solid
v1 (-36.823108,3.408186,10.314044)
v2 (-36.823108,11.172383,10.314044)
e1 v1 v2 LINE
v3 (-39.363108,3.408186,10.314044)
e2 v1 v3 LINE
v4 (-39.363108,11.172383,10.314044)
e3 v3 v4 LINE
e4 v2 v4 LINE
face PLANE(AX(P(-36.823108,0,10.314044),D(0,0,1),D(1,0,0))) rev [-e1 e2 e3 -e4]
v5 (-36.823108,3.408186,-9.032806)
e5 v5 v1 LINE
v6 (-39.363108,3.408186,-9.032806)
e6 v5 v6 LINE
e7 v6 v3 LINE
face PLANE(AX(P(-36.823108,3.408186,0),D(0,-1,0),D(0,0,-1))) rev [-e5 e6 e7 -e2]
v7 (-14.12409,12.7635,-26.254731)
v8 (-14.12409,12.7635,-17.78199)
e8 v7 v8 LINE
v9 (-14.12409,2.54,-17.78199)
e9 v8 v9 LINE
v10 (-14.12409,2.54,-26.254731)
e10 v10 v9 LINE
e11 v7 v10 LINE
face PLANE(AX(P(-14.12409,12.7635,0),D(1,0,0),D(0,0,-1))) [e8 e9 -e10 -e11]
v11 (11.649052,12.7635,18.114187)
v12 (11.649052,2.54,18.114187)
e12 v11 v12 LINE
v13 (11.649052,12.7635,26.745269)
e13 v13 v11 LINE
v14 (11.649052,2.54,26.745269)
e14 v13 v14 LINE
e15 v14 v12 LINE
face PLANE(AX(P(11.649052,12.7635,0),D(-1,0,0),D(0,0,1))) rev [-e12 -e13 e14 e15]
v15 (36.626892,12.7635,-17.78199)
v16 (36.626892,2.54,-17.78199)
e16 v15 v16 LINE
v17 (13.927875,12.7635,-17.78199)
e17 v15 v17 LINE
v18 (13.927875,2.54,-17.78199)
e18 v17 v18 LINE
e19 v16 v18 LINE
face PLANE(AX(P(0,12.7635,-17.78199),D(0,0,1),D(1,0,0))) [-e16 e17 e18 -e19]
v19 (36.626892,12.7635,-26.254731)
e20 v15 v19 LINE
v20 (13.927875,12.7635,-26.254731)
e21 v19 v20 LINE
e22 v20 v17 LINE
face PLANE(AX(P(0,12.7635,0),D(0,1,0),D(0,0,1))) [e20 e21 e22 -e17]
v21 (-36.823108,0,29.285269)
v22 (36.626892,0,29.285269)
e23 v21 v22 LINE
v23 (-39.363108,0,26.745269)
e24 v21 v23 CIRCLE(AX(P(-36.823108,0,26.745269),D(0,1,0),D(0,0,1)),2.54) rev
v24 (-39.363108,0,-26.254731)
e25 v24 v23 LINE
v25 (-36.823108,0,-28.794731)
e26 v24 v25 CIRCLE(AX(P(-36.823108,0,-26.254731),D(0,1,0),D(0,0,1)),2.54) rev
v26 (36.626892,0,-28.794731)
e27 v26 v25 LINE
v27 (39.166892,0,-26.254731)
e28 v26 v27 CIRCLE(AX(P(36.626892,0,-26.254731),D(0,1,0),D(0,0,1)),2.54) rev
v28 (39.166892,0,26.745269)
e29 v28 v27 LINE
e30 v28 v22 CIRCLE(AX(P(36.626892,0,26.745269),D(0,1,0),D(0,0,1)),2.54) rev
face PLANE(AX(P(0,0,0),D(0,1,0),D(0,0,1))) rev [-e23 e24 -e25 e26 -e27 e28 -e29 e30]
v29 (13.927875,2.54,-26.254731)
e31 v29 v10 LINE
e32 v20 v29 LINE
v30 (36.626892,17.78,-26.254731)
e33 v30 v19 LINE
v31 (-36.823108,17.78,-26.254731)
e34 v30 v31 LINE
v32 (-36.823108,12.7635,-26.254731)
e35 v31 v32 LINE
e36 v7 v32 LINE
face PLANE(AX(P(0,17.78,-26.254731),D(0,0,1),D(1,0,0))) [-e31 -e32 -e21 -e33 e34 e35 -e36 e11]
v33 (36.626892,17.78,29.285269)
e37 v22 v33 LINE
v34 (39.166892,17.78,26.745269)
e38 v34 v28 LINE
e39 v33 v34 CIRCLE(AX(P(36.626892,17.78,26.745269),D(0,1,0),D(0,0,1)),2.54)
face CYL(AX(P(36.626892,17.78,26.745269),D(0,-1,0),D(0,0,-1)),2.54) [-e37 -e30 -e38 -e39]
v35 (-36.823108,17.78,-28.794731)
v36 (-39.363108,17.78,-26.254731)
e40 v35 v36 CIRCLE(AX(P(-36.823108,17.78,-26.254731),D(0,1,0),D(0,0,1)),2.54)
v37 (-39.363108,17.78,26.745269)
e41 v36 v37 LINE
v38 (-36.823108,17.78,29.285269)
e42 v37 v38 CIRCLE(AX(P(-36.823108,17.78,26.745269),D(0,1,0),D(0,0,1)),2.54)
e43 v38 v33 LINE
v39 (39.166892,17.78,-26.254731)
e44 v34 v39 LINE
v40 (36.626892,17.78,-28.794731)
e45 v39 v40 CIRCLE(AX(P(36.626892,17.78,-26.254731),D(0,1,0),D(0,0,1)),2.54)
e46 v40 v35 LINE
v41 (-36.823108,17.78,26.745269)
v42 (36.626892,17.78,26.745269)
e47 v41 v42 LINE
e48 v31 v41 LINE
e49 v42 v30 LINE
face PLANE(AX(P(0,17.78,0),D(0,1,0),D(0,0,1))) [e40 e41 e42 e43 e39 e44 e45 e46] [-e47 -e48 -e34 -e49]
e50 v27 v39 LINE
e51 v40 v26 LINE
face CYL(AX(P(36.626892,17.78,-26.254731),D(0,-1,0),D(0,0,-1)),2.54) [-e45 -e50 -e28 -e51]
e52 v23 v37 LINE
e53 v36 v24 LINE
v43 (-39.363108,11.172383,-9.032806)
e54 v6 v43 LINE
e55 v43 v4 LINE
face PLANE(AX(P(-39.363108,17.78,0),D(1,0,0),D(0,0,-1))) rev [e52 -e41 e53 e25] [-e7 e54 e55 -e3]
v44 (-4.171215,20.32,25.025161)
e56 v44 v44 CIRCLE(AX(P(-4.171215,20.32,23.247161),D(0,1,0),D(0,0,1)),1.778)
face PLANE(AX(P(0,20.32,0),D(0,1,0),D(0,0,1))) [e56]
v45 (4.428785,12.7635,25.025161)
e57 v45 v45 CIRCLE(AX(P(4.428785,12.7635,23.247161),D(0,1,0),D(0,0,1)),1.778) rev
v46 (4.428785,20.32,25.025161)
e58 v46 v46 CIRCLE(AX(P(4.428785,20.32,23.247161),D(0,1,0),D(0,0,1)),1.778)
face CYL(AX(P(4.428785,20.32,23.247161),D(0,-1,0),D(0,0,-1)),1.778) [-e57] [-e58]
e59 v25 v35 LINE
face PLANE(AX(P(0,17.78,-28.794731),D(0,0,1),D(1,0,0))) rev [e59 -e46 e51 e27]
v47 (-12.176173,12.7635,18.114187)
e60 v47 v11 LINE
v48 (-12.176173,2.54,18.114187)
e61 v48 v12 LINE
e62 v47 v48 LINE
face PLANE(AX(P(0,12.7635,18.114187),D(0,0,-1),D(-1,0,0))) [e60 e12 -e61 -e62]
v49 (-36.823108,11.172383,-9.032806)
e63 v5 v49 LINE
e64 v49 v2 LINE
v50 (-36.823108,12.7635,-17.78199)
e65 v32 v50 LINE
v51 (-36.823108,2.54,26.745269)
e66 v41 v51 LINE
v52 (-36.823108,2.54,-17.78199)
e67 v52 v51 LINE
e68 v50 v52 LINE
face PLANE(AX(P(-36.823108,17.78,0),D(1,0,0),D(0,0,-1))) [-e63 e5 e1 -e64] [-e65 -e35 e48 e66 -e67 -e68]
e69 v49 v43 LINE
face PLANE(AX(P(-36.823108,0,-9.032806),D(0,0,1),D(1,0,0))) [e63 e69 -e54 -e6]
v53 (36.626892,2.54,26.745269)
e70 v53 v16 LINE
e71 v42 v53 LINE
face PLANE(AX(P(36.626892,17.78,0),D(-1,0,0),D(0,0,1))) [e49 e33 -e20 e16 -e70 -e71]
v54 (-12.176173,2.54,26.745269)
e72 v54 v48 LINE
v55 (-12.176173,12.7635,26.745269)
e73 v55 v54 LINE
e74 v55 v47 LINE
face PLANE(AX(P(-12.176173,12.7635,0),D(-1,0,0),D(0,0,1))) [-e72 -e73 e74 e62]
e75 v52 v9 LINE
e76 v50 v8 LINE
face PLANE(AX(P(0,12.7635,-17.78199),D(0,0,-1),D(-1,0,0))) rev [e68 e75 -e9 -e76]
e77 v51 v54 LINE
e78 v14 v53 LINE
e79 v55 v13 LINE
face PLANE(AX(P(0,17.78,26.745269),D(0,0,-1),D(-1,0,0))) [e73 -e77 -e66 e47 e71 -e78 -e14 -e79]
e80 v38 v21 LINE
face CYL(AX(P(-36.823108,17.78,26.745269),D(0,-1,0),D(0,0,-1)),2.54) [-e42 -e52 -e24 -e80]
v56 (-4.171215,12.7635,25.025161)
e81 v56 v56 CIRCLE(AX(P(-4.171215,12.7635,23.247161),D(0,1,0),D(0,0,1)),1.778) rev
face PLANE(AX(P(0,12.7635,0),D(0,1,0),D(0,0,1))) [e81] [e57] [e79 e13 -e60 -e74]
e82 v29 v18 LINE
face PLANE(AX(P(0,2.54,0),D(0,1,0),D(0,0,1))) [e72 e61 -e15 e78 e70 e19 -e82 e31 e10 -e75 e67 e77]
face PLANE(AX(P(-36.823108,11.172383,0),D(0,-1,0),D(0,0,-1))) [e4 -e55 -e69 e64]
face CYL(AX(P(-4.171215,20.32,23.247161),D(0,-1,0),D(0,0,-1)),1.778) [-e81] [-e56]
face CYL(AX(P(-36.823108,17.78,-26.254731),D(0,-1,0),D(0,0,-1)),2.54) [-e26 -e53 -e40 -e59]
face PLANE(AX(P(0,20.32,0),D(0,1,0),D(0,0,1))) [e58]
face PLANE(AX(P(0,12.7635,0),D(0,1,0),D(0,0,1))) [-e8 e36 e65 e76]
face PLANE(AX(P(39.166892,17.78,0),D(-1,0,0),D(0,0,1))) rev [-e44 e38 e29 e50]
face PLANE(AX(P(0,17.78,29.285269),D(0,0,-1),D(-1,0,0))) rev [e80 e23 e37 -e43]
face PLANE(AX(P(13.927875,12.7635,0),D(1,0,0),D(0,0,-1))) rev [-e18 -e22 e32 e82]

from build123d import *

# Parameters (mm, degrees)
BOSS_EXTRUDE5_DEPTH   = 2.54
SKETCH1_14_W          = 78.53
SKETCH1_14_H          = 58.08
SKETCH1_14_W_2        = 73.45
SKETCH1_14_H_2        = 53
BOSS_EXTRUDE6_DEPTH   = 17.78
SKETCH1_15_R          = 1.778
BOSS_EXTRUDE7_DEPTH   = 20.32
BOSS_EXTRUDE7_2_DEPTH = 20.32
SKETCH1_16_W          = 22.699017595
SKETCH1_16_H          = 8.472740405
SKETCH1_16_W_2        = 23.825224437
SKETCH1_16_H_2        = 8.631081672
SKETCH1_16_R          = 1.778
BOSS_EXTRUDE8_DEPTH   = 12.7635
SKETCH2_W             = 19.346850656
SKETCH2_H             = 7.764196645
CUT_EXTRUDE1_DEPTH    = 2.54
FILLET1_R             = 2.54


with BuildPart() as part:
    # Sketch1 → Boss-Extrude5 (new body)
    with BuildSketch(Plane(origin=(0, 0, 0), x_dir=(1, 0, 0), z_dir=(0, 1, 0))):
        Polygon((13.927874743, 17.78199044), (13.927874743, 26.254730845), (-14.124090067, 26.254730845), (-14.124090067, 17.78199044), (-36.823107662, 17.78199044), (-36.823107662, -26.745269155), (-12.176172828, -26.745269155), (-12.176172828, -18.114187483), (11.649051609, -18.114187483), (11.649051609, -26.745269155), (36.626892338, -26.745269155), (36.626892338, 17.78199044), align=None)
    extrude(amount=BOSS_EXTRUDE5_DEPTH)

    # Sketch1<14> → Boss-Extrude6 (add)
    with BuildSketch(Plane(origin=(0, 0, 0), x_dir=(1, 0, 0), z_dir=(0, 1, 0))):
        with Locations((-0.098107662, -0.245269155)):
            Rectangle(SKETCH1_14_W, SKETCH1_14_H)
        with Locations((-0.098107662, -0.245269155)):
            Rectangle(SKETCH1_14_W_2, SKETCH1_14_H_2, mode=Mode.SUBTRACT)
    extrude(amount=BOSS_EXTRUDE6_DEPTH)



with BuildPart() as body_2:
    # Sketch1<15> → Boss-Extrude7 (new body)
    with BuildSketch(Plane(origin=(0, 0, 0), x_dir=(1, 0, 0), z_dir=(0, 1, 0))):
        with Locations(Location((-4.171215324, -23.247161493, 0), (0, 0, 270))):
            Circle(SKETCH1_15_R)
    extrude(amount=BOSS_EXTRUDE7_DEPTH)


with BuildPart() as body_3:
    # Sketch1<15> → Boss-Extrude7 2 (new body)
    with BuildSketch(Plane(origin=(0, 0, 0), x_dir=(1, 0, 0), z_dir=(0, 1, 0))):
        with Locations(Location((4.428784676, -23.247161493, 0), (0, 0, 270))):
            Circle(SKETCH1_15_R)
    extrude(amount=BOSS_EXTRUDE7_2_DEPTH)


with BuildPart() as part_1:
    add(part.part)

    add(body_2.part)  # Boss-Extrude8 merges body 2

    add(body_3.part)  # Boss-Extrude8 merges body 3
    # Sketch1<16> → Boss-Extrude8 (add)
    # profile 1 of 3: a face of its own
    with BuildSketch(Plane(origin=(0, 0, 0), x_dir=(1, 0, 0), z_dir=(0, 1, 0))):
        with Locations((25.277383541, 22.018360642)):
            Rectangle(SKETCH1_16_W, SKETCH1_16_H)
    # profile 2 of 3: a face of its own
    with BuildSketch(Plane(origin=(0, 0, 0), x_dir=(1, 0, 0), z_dir=(0, 1, 0))):
        with Locations((-25.473598865, 22.018360642)):
            Rectangle(SKETCH1_16_W, SKETCH1_16_H)
    # profile 3 of 3: a face of its own
    with BuildSketch(Plane(origin=(0, 0, 0), x_dir=(1, 0, 0), z_dir=(0, 1, 0))):
        with Locations((-0.263560609, -22.429728319)):
            Rectangle(SKETCH1_16_W_2, SKETCH1_16_H_2)
        with Locations((-4.171215324, -23.247161493)):
            Circle(SKETCH1_16_R, mode=Mode.SUBTRACT)
        with Locations((4.428784676, -23.247161493)):
            Circle(SKETCH1_16_R, mode=Mode.SUBTRACT)
    extrude(amount=BOSS_EXTRUDE8_DEPTH)

    # Sketch2 → Cut-Extrude1 (cut)
    with BuildSketch(Plane.ZY.offset(39.363107662)):
        with Locations((0.640618985, 7.290284295)):
            Rectangle(SKETCH2_W, SKETCH2_H)
    extrude(amount=-CUT_EXTRUDE1_DEPTH, mode=Mode.SUBTRACT)

    # Fillet1
    fillet1_edges = [part_1.edges().sort_by_distance(p)[0] for p in [
        (-39.363107662, 8.89, 29.285269155),
        (39.166892338, 8.89, 29.285269155),
        (39.166892338, 8.89, -28.794730845),
        (-39.363107662, 8.89, -28.794730845),
    ]]
    fillet(fillet1_edges, radius=FILLET1_R)


solid = part_1.part
